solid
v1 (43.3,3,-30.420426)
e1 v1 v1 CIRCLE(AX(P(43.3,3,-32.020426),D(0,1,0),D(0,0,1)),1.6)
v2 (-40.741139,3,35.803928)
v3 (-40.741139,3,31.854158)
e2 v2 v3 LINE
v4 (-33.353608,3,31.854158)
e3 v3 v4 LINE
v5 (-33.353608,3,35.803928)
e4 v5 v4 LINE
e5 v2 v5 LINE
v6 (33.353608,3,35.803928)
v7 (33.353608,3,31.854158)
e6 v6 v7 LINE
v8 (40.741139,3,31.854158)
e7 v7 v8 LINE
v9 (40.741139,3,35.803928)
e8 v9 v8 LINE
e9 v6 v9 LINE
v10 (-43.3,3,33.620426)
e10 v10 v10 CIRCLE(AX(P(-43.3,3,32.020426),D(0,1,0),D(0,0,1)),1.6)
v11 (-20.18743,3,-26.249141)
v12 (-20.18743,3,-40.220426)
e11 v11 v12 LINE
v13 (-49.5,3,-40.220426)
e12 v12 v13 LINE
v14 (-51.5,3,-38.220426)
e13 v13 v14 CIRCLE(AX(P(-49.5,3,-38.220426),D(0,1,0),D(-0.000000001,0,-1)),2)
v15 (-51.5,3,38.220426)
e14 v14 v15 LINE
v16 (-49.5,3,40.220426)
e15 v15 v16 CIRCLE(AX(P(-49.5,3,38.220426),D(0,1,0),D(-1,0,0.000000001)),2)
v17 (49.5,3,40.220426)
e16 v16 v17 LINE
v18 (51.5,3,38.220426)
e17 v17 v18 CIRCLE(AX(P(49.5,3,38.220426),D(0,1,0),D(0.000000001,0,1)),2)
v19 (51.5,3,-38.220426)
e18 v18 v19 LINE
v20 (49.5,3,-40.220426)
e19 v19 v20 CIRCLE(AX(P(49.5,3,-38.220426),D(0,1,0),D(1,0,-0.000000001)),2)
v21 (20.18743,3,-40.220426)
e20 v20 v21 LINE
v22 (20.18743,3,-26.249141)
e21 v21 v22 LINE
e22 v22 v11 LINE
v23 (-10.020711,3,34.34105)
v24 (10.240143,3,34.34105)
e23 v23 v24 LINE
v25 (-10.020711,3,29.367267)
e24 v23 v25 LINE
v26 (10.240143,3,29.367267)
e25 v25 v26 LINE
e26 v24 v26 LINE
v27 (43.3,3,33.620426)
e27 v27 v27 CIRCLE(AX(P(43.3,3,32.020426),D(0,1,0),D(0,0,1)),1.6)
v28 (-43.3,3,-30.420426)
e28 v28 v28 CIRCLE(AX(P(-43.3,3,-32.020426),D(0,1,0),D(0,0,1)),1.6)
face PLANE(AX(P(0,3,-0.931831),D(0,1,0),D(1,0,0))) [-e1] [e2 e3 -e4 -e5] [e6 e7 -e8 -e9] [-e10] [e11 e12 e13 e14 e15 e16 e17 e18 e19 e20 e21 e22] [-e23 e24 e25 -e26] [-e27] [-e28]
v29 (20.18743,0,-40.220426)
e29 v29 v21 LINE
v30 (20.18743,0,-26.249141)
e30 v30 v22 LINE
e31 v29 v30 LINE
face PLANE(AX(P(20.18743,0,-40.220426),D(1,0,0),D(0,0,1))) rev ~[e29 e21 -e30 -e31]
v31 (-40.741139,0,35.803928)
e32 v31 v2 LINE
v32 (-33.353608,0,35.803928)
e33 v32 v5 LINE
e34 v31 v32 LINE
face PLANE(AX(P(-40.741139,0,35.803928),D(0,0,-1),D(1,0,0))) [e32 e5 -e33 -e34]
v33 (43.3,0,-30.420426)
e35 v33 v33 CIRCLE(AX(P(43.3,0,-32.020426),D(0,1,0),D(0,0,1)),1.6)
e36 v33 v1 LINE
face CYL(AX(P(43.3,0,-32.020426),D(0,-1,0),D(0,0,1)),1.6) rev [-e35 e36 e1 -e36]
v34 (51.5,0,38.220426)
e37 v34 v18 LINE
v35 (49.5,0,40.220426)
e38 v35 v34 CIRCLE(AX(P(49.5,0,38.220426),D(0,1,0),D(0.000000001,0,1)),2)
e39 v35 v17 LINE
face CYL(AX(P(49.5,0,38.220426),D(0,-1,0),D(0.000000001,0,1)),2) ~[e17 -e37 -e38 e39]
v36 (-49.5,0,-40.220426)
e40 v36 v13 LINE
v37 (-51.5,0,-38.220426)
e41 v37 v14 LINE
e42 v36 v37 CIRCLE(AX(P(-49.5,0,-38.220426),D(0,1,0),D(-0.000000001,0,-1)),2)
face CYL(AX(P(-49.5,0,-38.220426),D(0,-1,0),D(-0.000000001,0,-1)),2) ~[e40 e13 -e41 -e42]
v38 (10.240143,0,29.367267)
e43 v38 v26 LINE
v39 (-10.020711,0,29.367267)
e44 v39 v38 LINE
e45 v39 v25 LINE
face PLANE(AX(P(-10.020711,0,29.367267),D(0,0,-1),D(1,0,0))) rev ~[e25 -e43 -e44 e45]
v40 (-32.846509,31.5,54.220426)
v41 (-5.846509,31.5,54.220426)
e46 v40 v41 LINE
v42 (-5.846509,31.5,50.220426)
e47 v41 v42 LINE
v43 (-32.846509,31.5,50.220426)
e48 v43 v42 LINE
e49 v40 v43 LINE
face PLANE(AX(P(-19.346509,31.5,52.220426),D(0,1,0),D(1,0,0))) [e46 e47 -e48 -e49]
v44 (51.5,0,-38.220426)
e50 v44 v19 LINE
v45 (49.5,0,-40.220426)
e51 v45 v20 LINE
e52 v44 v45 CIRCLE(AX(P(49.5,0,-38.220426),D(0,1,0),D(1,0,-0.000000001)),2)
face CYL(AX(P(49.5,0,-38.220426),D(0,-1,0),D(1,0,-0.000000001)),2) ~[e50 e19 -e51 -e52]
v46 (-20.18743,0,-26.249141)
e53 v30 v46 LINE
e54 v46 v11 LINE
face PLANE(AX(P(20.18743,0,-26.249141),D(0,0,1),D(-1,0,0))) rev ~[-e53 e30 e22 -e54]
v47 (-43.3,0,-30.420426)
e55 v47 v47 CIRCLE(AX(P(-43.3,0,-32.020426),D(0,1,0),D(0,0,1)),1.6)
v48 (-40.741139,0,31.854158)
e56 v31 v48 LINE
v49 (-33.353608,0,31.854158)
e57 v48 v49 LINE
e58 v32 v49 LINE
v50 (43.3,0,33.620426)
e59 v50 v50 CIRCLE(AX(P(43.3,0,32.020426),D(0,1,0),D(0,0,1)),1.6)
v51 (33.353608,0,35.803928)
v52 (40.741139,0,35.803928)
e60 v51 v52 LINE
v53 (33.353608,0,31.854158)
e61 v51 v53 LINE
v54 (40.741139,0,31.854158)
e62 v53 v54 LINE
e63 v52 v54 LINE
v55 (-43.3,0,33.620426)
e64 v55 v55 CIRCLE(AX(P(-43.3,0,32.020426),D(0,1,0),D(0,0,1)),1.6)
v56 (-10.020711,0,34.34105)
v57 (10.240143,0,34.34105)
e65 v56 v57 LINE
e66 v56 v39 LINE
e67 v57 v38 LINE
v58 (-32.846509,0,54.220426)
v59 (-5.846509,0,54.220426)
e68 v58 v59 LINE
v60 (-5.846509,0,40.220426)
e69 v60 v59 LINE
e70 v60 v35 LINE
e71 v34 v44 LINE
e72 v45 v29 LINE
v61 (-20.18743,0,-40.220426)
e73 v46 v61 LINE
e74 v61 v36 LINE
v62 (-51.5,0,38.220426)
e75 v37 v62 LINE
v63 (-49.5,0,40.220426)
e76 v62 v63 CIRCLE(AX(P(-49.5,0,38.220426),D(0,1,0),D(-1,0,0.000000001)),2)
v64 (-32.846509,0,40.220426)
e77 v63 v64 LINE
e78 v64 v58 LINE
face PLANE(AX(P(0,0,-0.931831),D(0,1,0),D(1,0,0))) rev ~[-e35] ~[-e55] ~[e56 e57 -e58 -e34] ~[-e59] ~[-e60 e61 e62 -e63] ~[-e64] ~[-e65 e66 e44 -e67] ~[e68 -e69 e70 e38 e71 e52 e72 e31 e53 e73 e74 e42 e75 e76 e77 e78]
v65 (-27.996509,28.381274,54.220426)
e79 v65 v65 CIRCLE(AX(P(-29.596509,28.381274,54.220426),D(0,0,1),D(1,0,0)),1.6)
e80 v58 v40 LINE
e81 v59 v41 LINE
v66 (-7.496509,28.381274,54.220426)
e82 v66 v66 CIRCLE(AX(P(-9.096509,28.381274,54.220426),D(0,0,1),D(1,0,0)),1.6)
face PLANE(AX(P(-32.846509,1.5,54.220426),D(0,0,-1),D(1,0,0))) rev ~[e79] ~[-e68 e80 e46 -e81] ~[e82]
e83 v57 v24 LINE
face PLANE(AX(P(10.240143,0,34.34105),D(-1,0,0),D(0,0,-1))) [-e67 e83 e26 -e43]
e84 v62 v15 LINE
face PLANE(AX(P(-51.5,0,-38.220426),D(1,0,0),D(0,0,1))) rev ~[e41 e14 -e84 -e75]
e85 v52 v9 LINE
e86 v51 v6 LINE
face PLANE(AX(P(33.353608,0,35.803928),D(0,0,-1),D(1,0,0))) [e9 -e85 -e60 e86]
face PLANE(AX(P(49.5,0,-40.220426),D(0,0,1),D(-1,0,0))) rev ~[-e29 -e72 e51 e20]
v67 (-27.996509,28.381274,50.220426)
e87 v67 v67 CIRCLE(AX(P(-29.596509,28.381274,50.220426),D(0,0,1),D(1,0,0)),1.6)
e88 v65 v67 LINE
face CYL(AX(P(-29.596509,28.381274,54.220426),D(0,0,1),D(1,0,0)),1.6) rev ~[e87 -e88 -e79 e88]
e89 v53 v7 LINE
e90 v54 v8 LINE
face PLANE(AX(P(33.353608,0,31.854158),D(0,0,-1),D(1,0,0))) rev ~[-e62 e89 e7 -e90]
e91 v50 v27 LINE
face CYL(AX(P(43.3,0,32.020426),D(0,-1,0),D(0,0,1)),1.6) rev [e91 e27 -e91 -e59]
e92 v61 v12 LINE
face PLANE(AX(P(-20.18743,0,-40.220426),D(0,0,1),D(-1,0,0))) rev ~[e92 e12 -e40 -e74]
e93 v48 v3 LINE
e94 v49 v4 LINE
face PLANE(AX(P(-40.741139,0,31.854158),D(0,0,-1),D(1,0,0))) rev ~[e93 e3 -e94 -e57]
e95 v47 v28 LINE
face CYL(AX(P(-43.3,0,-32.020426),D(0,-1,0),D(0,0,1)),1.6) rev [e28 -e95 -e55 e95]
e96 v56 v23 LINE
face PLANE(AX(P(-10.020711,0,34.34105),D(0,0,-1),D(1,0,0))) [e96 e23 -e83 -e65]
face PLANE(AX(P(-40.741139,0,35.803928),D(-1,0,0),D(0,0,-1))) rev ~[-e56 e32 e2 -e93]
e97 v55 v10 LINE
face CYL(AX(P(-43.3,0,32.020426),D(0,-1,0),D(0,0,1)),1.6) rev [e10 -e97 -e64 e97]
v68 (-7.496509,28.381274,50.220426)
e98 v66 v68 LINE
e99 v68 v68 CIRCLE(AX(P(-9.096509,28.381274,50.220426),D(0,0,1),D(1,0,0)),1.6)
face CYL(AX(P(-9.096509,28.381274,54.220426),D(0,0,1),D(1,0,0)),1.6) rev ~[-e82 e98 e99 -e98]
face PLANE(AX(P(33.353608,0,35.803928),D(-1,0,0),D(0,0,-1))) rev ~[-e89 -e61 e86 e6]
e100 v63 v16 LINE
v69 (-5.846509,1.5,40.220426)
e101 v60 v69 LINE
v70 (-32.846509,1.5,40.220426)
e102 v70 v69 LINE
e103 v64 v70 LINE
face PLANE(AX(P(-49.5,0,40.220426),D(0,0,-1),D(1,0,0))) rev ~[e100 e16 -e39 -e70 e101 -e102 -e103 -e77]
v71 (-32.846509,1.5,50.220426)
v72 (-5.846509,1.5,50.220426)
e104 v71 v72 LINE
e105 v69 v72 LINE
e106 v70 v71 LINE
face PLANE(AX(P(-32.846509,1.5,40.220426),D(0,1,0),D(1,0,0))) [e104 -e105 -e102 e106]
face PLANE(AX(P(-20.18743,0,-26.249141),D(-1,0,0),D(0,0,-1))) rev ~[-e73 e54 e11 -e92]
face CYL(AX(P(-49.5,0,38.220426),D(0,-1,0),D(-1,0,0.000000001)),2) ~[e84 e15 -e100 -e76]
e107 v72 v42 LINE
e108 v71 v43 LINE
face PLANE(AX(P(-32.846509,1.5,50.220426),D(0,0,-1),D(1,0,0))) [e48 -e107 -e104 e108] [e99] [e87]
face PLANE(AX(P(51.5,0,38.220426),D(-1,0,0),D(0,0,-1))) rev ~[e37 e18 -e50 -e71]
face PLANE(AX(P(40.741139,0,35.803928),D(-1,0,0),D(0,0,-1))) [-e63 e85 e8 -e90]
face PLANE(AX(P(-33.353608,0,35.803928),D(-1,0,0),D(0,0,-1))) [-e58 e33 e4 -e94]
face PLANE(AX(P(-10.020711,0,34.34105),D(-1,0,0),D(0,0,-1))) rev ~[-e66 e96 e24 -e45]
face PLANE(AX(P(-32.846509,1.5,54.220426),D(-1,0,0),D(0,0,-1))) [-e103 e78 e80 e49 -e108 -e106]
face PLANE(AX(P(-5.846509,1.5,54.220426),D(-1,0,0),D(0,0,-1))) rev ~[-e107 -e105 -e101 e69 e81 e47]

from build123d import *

# Parameters (mm, degrees)
SKETCH_1_R          = 1.6
SKETCH_1_W          = 7.387531562
SKETCH_1_H          = 3.94976935
SKETCH_1_W_2        = 20.26085389
SKETCH_1_H_2        = 4.973783626
EXTRUDE_1_DEPTH     = 3
SKETCH_2_W          = 27
SKETCH_2_H          = 1.5
EXTRUDE_2_DEPTH     = 14
SKETCH_4_W          = 27
SKETCH_4_H          = 4
EXTRUDE_3_DEPTH     = 30
SKETCH_5_R          = 1.6
CUT_EXTRUDE_1_DEPTH = 30


with BuildPart() as part:
    # 草图1 → 凸台-拉伸1 (new body)
    with BuildSketch(Plane(origin=(0, 0, 0), x_dir=(1, 0, 0), z_dir=(0, 1, 0))):
        with BuildLine():
            Line((-49.5, -40.220425864), (49.5, -40.220425864))
            ThreePointArc((49.5, -40.220425864), (50.914213562, -39.634639426), (51.5, -38.220425864))
            Line((51.5, -38.220425864), (51.5, 38.220425864))
            ThreePointArc((51.5, 38.220425864), (50.914213562, 39.634639426), (49.5, 40.220425864))
            Line((49.5, 40.220425864), (20.187430173, 40.220425864))
            Line((20.187430173, 40.220425864), (20.187430173, 26.249140852))
            Line((20.187430173, 26.249140852), (-20.187430173, 26.249140852))
            Line((-20.187430173, 26.249140852), (-20.187430173, 40.220425864))
            Line((-20.187430173, 40.220425864), (-49.5, 40.220425864))
            ThreePointArc((-49.5, 40.220425864), (-50.914213562, 39.634639426), (-51.5, 38.220425864))
            Line((-51.5, 38.220425864), (-51.5, -38.220425864))
            ThreePointArc((-51.5, -38.220425864), (-50.914213562, -39.634639426), (-49.5, -40.220425864))
        make_face()
        with Locations(Location((-43.3, -32.020425864, 0), (0, 0, 270))):
            Circle(SKETCH_1_R, mode=Mode.SUBTRACT)
        with Locations((-37.047373629, -33.829043047)):
            Rectangle(SKETCH_1_W, SKETCH_1_H, mode=Mode.SUBTRACT)
        with Locations((0.109715815, -31.854158372)):
            Rectangle(SKETCH_1_W_2, SKETCH_1_H_2, mode=Mode.SUBTRACT)
        with Locations((37.047373629, -33.829043047)):
            Rectangle(SKETCH_1_W, SKETCH_1_H, mode=Mode.SUBTRACT)
        with Locations(Location((43.3, -32.020425864, 0), (0, 0, 270))):
            Circle(SKETCH_1_R, mode=Mode.SUBTRACT)
        with Locations(Location((43.3, 32.020425864, 0), (0, 0, 270))):
            Circle(SKETCH_1_R, mode=Mode.SUBTRACT)
        with Locations(Location((-43.3, 32.020425864, 0), (0, 0, 270))):
            Circle(SKETCH_1_R, mode=Mode.SUBTRACT)
    extrude(amount=EXTRUDE_1_DEPTH)

    # 草图2 → 凸台-拉伸2 (add)
    with BuildSketch(Plane.XY.offset(40.220425864)):
        with Locations((-19.346509013, 0.75)):
            Rectangle(SKETCH_2_W, SKETCH_2_H)
    extrude(amount=EXTRUDE_2_DEPTH)

    # 草图4 → 凸台-拉伸3 (add)
    with BuildSketch(Plane(origin=(0, 1.5, 0), x_dir=(1, 0, 0), z_dir=(0, 1, 0))):
        with Locations((-19.346509013, -52.220425864)):
            Rectangle(SKETCH_4_W, SKETCH_4_H)
    extrude(amount=EXTRUDE_3_DEPTH)

    # 草图5 → 切除-拉伸1 (cut)
    with BuildSketch(Plane.XY.offset(54.220425864)):
        with Locations((-29.596509013, 28.381274353)):
            Circle(SKETCH_5_R)
        with Locations((-9.096509013, 28.381274353)):
            Circle(SKETCH_5_R)
    extrude(amount=-CUT_EXTRUDE_1_DEPTH, mode=Mode.SUBTRACT)


solid = part.part
